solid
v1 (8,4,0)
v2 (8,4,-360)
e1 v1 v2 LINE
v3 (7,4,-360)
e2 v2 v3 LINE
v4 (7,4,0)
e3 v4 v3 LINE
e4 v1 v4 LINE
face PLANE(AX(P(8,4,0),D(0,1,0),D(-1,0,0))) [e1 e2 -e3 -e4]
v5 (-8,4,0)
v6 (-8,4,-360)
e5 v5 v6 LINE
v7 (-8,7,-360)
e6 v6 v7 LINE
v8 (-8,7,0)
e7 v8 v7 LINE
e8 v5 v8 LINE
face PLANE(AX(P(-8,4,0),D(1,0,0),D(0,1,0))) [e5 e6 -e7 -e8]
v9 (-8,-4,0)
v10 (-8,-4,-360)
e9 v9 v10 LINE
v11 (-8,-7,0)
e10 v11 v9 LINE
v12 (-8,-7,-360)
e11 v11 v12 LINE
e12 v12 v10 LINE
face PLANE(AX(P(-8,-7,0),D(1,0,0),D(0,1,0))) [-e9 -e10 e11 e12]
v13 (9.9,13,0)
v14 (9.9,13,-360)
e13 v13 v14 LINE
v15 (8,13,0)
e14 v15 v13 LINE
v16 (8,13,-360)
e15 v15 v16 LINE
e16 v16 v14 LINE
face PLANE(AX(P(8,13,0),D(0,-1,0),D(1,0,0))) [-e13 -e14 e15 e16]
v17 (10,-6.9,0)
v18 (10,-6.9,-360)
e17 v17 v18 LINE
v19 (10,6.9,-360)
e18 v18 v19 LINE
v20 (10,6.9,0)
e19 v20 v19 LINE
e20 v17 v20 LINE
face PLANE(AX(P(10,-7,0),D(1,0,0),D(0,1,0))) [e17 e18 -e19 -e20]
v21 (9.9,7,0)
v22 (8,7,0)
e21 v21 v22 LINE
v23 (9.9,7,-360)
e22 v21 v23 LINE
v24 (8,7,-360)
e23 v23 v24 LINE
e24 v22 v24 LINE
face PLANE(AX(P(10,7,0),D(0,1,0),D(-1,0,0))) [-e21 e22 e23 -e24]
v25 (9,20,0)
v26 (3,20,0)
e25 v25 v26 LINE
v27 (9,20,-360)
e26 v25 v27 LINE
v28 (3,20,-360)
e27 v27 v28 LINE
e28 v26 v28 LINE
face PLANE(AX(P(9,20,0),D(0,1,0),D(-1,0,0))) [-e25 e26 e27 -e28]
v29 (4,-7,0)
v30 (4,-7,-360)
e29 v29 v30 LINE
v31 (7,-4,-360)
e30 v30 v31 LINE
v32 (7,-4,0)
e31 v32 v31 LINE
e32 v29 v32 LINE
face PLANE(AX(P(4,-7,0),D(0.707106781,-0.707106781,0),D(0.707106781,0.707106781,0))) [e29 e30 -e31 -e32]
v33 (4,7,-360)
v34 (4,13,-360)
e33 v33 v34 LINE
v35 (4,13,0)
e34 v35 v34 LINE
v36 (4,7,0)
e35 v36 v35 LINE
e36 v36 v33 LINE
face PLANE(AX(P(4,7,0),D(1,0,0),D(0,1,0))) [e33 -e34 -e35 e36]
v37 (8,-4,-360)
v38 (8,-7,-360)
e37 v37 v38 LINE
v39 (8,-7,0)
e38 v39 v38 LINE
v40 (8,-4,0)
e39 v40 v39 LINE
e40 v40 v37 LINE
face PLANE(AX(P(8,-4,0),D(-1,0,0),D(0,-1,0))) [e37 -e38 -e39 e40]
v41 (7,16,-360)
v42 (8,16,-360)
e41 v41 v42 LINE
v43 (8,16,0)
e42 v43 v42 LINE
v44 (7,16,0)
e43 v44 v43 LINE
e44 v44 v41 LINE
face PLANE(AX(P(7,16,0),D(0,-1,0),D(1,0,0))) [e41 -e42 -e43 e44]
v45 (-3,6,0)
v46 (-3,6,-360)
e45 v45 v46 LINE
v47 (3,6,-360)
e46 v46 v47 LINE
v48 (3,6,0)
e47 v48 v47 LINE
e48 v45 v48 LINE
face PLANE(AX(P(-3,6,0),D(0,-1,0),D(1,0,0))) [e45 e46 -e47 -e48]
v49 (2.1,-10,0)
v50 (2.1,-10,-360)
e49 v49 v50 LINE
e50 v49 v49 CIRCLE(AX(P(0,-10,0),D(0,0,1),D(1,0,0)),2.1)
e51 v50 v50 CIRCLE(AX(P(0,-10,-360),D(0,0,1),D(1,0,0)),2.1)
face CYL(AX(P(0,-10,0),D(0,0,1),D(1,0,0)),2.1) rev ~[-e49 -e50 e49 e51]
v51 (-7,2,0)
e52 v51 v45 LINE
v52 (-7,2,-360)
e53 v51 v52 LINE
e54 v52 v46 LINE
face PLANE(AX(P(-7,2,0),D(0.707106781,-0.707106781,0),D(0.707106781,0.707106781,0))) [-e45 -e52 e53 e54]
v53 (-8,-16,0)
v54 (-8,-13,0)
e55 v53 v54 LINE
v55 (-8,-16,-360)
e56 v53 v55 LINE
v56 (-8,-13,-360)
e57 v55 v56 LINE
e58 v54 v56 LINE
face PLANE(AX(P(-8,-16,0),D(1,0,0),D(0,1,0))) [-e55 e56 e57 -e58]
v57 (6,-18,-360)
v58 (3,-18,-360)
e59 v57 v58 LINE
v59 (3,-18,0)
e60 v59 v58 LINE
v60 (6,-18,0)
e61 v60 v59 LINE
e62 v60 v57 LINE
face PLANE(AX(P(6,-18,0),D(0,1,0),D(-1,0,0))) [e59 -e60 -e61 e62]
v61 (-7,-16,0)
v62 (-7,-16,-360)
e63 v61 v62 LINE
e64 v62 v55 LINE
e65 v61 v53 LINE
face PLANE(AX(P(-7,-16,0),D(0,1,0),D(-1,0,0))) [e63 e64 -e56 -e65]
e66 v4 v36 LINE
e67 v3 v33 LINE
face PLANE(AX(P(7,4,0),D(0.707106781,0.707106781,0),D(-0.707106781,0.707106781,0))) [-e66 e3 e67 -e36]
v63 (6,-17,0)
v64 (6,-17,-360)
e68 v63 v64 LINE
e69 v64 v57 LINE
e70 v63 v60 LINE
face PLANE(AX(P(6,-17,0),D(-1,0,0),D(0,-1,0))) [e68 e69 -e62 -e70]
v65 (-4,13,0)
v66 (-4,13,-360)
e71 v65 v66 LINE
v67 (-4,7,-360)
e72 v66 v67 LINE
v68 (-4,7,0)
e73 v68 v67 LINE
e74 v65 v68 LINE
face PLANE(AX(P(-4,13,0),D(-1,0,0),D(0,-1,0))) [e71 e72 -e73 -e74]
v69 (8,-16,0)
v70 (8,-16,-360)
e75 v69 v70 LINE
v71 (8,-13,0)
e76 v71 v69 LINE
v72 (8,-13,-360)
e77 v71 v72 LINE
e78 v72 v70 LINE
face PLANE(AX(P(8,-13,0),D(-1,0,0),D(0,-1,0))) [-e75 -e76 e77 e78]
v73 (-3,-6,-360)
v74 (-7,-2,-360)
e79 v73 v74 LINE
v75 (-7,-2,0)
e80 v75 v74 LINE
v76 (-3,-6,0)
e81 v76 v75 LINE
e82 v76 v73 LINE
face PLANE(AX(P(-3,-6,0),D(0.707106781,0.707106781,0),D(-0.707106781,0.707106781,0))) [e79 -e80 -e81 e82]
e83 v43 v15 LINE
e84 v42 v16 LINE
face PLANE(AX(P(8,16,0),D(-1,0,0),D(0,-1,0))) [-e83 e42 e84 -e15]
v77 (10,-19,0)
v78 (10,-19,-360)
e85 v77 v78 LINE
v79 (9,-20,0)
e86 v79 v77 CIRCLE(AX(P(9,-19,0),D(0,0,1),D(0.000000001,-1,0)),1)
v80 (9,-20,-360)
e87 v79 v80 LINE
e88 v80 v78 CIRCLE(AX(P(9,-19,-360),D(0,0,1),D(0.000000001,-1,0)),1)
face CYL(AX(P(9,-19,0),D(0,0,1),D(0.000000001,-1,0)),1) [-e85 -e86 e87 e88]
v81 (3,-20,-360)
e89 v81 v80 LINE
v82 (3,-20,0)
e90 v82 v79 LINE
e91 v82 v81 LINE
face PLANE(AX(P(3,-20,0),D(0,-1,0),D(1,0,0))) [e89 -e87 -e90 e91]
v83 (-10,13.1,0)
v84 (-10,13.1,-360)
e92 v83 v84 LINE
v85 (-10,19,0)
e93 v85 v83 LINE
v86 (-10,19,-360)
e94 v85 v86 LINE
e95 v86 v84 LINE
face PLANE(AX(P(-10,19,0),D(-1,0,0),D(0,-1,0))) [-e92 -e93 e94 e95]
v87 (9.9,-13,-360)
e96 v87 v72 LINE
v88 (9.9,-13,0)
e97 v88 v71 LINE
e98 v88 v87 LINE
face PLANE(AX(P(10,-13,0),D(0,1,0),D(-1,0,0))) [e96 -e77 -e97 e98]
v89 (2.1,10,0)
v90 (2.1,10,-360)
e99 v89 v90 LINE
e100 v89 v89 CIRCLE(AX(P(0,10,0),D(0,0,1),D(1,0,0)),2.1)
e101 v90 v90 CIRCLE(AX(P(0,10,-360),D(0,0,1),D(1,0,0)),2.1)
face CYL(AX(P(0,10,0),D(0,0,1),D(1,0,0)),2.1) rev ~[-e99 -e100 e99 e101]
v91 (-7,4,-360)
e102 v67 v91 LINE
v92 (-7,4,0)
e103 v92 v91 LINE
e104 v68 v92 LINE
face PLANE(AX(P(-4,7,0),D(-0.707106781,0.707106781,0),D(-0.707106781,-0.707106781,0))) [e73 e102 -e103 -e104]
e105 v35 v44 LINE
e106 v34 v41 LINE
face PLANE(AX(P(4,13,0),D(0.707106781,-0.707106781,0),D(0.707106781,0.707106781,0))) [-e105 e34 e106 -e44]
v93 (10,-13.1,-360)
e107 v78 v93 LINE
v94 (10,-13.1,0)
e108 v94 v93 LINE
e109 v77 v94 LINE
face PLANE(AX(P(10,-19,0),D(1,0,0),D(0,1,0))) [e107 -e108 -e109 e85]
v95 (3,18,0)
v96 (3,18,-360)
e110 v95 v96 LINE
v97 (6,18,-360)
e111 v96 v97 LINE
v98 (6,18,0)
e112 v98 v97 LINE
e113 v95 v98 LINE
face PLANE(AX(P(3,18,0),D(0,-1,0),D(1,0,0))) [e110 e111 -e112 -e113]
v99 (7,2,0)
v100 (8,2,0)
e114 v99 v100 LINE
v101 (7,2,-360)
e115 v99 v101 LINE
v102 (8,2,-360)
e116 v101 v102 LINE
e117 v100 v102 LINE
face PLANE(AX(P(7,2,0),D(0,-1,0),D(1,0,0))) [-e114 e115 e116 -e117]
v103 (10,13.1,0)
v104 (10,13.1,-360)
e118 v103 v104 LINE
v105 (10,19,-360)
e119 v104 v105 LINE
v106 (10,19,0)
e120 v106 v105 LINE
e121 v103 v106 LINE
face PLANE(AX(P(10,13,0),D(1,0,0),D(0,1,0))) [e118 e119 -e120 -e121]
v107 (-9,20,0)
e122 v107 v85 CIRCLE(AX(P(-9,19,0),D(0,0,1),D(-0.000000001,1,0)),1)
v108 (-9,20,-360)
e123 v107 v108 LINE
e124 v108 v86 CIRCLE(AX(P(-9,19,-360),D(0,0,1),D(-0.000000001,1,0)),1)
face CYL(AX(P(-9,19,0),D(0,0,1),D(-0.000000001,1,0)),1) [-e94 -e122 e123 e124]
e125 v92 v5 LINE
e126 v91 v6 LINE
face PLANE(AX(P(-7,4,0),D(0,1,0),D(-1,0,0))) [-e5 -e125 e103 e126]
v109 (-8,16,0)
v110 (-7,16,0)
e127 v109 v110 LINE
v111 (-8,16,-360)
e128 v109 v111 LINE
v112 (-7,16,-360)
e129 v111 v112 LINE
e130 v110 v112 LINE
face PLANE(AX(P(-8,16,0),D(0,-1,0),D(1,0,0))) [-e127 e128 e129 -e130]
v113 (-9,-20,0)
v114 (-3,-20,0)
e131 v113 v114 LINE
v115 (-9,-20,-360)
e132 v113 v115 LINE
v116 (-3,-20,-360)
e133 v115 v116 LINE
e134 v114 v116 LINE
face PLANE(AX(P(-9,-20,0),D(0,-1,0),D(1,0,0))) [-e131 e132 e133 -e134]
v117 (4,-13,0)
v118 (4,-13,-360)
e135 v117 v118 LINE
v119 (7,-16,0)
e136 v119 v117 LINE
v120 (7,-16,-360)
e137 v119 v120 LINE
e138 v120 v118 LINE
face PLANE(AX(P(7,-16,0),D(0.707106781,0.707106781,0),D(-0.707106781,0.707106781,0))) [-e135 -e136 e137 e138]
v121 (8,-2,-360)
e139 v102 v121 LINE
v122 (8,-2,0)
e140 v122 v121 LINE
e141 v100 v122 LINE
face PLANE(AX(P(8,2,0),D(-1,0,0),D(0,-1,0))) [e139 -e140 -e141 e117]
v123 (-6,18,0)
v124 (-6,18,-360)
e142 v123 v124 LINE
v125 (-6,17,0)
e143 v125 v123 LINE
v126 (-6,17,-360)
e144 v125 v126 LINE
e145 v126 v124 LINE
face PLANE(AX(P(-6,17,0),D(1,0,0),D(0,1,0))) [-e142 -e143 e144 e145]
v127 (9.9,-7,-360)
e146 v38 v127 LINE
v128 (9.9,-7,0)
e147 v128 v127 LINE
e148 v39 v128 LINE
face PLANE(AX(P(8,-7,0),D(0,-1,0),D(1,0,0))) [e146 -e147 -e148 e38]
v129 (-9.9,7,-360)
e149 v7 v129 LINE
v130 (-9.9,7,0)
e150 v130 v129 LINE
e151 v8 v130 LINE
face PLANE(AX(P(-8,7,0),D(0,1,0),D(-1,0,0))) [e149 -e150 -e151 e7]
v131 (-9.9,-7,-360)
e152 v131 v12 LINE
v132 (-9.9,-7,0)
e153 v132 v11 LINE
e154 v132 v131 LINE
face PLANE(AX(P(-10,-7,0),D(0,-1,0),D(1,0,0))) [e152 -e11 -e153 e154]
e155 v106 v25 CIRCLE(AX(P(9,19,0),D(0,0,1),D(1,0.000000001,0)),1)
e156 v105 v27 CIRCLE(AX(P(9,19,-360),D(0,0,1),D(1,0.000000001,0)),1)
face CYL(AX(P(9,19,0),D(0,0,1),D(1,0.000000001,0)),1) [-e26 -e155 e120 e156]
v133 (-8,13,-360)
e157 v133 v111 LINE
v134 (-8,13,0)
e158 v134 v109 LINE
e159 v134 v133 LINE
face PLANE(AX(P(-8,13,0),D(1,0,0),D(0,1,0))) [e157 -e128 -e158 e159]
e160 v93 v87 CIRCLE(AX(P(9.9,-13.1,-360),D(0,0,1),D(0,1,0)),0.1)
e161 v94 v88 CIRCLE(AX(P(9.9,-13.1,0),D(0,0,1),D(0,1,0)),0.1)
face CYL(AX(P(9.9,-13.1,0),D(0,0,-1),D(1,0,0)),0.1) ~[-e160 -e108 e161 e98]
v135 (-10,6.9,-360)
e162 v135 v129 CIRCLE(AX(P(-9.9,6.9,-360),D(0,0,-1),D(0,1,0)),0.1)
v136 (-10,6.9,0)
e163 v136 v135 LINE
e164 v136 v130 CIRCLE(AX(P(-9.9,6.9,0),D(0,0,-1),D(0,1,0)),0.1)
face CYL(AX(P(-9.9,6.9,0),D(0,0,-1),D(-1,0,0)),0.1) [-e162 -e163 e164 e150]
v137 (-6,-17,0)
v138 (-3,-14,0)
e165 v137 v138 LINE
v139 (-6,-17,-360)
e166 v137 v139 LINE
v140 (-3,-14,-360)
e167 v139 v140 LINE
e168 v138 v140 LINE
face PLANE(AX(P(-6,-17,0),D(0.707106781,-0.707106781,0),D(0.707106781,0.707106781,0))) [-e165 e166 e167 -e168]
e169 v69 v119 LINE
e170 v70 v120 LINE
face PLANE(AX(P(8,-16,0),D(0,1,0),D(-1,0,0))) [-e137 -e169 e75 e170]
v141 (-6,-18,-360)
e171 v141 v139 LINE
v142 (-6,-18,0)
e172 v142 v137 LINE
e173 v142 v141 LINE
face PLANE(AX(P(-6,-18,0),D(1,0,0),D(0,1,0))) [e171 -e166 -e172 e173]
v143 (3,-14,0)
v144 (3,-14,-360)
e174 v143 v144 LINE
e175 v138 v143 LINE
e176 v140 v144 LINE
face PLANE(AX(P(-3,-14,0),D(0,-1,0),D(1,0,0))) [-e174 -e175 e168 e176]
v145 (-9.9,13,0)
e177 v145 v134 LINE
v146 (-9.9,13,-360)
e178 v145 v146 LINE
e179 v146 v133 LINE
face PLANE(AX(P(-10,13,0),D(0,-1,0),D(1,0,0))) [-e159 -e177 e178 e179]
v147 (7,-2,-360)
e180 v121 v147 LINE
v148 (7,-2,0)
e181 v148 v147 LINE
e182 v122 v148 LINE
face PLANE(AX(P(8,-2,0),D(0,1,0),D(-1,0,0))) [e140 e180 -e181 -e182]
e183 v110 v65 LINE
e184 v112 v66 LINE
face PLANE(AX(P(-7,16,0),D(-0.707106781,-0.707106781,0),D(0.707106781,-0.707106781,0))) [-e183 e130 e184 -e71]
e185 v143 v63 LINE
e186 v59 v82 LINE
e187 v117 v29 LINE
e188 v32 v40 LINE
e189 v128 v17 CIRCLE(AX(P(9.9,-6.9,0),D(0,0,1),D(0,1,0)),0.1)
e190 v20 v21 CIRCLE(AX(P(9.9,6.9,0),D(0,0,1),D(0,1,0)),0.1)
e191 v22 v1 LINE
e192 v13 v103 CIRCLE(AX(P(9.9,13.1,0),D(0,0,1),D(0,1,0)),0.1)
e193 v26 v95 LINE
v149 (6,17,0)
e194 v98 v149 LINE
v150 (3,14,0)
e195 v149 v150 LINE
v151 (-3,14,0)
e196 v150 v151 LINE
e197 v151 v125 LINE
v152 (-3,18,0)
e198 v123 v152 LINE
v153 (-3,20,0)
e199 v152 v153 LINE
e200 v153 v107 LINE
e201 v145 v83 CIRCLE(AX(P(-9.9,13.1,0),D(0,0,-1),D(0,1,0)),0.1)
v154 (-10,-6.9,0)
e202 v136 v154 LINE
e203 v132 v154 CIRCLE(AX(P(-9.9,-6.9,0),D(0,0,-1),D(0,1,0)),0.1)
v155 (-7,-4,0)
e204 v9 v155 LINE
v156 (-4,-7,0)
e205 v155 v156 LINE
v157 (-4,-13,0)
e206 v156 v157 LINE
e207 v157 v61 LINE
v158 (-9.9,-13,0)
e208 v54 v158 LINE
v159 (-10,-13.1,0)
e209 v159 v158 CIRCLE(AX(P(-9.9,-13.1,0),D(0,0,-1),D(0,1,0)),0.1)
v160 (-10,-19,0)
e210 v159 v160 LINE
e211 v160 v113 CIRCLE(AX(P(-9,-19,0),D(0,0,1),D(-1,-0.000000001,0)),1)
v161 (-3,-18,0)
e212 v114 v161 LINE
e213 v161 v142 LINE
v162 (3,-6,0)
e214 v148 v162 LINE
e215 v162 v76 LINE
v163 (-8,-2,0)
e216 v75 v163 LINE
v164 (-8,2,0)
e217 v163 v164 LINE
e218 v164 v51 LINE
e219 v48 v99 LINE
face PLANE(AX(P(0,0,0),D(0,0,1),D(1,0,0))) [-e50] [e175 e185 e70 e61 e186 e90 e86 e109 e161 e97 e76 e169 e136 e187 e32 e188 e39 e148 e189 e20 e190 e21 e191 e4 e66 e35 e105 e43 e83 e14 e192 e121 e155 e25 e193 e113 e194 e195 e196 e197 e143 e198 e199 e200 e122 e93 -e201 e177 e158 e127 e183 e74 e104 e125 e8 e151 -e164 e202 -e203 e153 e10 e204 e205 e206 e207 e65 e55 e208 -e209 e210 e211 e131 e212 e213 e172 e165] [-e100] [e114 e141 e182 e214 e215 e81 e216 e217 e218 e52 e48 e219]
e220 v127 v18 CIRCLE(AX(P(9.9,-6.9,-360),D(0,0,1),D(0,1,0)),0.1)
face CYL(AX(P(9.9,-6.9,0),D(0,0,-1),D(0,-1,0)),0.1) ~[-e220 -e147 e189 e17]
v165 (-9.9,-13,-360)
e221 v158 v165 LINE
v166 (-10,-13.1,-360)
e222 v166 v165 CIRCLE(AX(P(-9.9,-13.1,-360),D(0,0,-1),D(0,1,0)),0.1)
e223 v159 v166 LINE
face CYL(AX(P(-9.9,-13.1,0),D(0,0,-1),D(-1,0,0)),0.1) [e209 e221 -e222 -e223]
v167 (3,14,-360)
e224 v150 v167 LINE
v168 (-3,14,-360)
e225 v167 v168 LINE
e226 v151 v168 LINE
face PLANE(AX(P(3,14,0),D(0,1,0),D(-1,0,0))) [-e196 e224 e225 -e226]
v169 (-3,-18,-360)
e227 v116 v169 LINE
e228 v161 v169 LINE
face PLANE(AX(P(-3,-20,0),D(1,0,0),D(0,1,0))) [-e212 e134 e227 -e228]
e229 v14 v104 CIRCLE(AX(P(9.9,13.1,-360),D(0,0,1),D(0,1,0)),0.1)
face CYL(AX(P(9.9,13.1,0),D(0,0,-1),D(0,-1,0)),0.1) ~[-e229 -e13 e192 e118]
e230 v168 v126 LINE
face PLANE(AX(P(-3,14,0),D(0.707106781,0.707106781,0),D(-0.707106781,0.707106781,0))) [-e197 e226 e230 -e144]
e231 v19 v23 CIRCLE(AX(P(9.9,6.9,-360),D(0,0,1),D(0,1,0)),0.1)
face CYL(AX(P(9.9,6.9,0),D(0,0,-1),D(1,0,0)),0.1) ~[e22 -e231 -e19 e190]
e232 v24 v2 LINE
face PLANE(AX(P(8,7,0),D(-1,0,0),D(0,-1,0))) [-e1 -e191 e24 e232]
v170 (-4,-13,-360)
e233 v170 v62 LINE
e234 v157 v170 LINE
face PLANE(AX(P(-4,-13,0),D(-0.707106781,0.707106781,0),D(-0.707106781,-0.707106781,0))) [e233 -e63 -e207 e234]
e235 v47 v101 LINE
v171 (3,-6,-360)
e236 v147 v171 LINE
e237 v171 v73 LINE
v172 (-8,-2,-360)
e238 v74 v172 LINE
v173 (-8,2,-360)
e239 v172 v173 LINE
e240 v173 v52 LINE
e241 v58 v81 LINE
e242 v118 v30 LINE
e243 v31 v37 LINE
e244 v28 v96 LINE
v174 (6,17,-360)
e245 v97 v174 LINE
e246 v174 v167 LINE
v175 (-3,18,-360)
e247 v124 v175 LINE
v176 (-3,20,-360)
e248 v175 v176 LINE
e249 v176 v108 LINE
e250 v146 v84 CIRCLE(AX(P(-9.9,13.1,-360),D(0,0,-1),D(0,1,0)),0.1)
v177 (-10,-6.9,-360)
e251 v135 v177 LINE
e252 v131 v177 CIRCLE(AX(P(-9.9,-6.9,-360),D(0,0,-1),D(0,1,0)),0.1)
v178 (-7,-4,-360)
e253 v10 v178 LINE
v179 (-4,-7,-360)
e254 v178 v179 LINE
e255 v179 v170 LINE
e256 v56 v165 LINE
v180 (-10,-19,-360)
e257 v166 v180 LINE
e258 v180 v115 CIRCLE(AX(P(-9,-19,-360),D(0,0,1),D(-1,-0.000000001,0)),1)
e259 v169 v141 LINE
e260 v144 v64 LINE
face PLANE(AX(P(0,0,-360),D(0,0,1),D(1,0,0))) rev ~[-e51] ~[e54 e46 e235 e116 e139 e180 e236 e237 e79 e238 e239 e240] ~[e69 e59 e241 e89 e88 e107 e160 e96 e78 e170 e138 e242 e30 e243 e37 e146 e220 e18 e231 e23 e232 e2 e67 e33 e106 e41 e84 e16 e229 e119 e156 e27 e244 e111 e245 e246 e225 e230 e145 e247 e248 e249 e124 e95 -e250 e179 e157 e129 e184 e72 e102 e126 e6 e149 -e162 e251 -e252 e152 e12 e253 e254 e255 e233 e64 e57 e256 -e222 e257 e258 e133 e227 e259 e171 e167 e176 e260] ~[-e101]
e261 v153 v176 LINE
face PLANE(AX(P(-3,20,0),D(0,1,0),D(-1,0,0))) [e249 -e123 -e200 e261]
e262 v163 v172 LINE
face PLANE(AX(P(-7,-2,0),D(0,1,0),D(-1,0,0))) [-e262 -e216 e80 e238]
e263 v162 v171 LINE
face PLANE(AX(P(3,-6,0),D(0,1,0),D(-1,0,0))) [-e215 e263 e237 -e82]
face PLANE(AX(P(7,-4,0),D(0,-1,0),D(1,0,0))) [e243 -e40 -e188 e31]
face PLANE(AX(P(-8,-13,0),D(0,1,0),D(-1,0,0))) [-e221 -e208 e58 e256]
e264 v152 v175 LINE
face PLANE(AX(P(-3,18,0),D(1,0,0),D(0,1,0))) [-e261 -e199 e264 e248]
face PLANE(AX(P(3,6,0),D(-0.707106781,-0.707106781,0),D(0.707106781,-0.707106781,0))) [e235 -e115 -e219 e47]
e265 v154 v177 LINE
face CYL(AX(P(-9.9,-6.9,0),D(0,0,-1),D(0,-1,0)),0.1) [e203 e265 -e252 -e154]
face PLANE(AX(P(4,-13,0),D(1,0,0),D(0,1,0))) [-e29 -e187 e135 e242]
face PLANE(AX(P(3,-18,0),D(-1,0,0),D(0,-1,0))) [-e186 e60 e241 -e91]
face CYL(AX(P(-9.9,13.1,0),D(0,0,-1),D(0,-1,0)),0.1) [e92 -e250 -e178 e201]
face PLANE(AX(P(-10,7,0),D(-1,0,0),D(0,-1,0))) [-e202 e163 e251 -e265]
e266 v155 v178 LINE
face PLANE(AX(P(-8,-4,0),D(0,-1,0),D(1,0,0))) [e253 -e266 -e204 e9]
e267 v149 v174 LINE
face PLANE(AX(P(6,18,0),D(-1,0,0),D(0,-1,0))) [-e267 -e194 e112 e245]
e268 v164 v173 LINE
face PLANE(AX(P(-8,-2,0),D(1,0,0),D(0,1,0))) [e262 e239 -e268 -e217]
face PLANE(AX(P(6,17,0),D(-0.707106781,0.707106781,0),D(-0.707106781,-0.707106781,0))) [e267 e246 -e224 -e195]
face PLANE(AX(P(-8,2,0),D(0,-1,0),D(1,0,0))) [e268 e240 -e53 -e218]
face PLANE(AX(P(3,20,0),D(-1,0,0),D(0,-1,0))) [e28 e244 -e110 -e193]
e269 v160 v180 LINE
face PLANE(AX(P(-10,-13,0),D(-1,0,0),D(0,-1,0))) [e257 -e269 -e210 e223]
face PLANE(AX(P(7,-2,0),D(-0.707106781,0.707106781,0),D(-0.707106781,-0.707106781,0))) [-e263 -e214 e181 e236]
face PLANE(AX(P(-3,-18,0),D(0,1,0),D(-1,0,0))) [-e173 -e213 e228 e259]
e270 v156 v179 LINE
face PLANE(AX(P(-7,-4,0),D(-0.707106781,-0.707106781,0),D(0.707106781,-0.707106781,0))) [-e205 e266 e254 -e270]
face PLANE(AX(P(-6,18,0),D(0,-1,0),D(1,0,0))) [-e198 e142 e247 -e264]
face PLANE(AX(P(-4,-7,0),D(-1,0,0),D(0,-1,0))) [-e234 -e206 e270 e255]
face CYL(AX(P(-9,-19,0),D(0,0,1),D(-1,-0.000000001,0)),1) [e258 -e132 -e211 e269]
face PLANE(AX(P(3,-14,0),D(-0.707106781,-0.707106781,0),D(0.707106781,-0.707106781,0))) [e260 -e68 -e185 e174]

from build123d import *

# Parameters (mm, degrees)
SKETCH1_R           = 2.1
BOSS_EXTRUDE1_DEPTH = 360
FILLET1_R           = 0.1


with BuildPart() as part:
    # Sketch1 → Boss-Extrude1 (new body)
    with BuildSketch(Plane.XY):
        with BuildLine():
            Line((10, -19), (10, -13))
            Line((10, -13), (8, -13))
            Line((8, -13), (8, -16))
            Line((8, -16), (7, -16))
            Line((7, -16), (4, -13))
            Line((4, -13), (4, -7))
            Line((4, -7), (7, -4))
            Line((7, -4), (8, -4))
            Line((8, -4), (8, -7))
            Line((8, -7), (10, -7))
            Line((10, -7), (10, 7))
            Line((10, 7), (8, 7))
            Line((8, 7), (8, 4))
            Line((8, 4), (7, 4))
            Line((7, 4), (4, 7))
            Line((4, 7), (4, 13))
            Line((4, 13), (7, 16))
            Line((7, 16), (8, 16))
            Line((8, 16), (8, 13))
            Line((8, 13), (10, 13))
            Line((10, 13), (10, 19))
            ThreePointArc((10, 19), (9.707106781, 19.707106781), (9, 20))
            Line((9, 20), (3, 20))
            Line((3, 20), (3, 18))
            Line((3, 18), (6, 18))
            Line((6, 18), (6, 17))
            Line((6, 17), (3, 14))
            Line((3, 14), (-3, 14))
            Line((-3, 14), (-6, 17))
            Line((-6, 17), (-6, 18))
            Line((-6, 18), (-3, 18))
            Line((-3, 18), (-3, 20))
            Line((-3, 20), (-9, 20))
            ThreePointArc((-9, 20), (-9.707106781, 19.707106781), (-10, 19))
            Line((-10, 19), (-10, 13))
            Line((-10, 13), (-8, 13))
            Line((-8, 13), (-8, 16))
            Line((-8, 16), (-7, 16))
            Line((-7, 16), (-4, 13))
            Line((-4, 13), (-4, 7))
            Line((-4, 7), (-7, 4))
            Line((-7, 4), (-8, 4))
            Line((-8, 4), (-8, 7))
            Line((-8, 7), (-10, 7))
            Line((-10, 7), (-10, -7))
            Line((-10, -7), (-8, -7))
            Line((-8, -7), (-8, -4))
            Line((-8, -4), (-7, -4))
            Line((-7, -4), (-4, -7))
            Line((-4, -7), (-4, -13))
            Line((-4, -13), (-7, -16))
            Line((-7, -16), (-8, -16))
            Line((-8, -16), (-8, -13))
            Line((-8, -13), (-10, -13))
            Line((-10, -13), (-10, -19))
            ThreePointArc((-10, -19), (-9.707106781, -19.707106781), (-9, -20))
            Line((-9, -20), (-3, -20))
            Line((-3, -20), (-3, -18))
            Line((-3, -18), (-6, -18))
            Line((-6, -18), (-6, -17))
            Line((-6, -17), (-3, -14))
            Line((-3, -14), (3, -14))
            Line((3, -14), (6, -17))
            Line((6, -17), (6, -18))
            Line((6, -18), (3, -18))
            Line((3, -18), (3, -20))
            Line((3, -20), (9, -20))
            ThreePointArc((9, -20), (9.707106781, -19.707106781), (10, -19))
        make_face()
        with Locations((0, -10)):
            Circle(SKETCH1_R, mode=Mode.SUBTRACT)
        with Locations((0, 10)):
            Circle(SKETCH1_R, mode=Mode.SUBTRACT)
        Polygon((-7, -2), (-8, -2), (-8, 2), (-7, 2), (-3, 6), (3, 6), (7, 2), (8, 2), (8, -2), (7, -2), (3, -6), (-3, -6), align=None, mode=Mode.SUBTRACT)
    extrude(amount=-BOSS_EXTRUDE1_DEPTH)

    # Fillet1
    fillet1_edges = [part.edges().sort_by_distance(p)[0] for p in [
        (-10, -13, -180),
        (-10, -7, -180),
        (-10, 7, -180),
        (-10, 13, -180),
        (10, 13, -180),
        (10, 7, -180),
        (10, -7, -180),
        (10, -13, -180),
    ]]
    fillet(fillet1_edges, radius=FILLET1_R)


solid = part.part
